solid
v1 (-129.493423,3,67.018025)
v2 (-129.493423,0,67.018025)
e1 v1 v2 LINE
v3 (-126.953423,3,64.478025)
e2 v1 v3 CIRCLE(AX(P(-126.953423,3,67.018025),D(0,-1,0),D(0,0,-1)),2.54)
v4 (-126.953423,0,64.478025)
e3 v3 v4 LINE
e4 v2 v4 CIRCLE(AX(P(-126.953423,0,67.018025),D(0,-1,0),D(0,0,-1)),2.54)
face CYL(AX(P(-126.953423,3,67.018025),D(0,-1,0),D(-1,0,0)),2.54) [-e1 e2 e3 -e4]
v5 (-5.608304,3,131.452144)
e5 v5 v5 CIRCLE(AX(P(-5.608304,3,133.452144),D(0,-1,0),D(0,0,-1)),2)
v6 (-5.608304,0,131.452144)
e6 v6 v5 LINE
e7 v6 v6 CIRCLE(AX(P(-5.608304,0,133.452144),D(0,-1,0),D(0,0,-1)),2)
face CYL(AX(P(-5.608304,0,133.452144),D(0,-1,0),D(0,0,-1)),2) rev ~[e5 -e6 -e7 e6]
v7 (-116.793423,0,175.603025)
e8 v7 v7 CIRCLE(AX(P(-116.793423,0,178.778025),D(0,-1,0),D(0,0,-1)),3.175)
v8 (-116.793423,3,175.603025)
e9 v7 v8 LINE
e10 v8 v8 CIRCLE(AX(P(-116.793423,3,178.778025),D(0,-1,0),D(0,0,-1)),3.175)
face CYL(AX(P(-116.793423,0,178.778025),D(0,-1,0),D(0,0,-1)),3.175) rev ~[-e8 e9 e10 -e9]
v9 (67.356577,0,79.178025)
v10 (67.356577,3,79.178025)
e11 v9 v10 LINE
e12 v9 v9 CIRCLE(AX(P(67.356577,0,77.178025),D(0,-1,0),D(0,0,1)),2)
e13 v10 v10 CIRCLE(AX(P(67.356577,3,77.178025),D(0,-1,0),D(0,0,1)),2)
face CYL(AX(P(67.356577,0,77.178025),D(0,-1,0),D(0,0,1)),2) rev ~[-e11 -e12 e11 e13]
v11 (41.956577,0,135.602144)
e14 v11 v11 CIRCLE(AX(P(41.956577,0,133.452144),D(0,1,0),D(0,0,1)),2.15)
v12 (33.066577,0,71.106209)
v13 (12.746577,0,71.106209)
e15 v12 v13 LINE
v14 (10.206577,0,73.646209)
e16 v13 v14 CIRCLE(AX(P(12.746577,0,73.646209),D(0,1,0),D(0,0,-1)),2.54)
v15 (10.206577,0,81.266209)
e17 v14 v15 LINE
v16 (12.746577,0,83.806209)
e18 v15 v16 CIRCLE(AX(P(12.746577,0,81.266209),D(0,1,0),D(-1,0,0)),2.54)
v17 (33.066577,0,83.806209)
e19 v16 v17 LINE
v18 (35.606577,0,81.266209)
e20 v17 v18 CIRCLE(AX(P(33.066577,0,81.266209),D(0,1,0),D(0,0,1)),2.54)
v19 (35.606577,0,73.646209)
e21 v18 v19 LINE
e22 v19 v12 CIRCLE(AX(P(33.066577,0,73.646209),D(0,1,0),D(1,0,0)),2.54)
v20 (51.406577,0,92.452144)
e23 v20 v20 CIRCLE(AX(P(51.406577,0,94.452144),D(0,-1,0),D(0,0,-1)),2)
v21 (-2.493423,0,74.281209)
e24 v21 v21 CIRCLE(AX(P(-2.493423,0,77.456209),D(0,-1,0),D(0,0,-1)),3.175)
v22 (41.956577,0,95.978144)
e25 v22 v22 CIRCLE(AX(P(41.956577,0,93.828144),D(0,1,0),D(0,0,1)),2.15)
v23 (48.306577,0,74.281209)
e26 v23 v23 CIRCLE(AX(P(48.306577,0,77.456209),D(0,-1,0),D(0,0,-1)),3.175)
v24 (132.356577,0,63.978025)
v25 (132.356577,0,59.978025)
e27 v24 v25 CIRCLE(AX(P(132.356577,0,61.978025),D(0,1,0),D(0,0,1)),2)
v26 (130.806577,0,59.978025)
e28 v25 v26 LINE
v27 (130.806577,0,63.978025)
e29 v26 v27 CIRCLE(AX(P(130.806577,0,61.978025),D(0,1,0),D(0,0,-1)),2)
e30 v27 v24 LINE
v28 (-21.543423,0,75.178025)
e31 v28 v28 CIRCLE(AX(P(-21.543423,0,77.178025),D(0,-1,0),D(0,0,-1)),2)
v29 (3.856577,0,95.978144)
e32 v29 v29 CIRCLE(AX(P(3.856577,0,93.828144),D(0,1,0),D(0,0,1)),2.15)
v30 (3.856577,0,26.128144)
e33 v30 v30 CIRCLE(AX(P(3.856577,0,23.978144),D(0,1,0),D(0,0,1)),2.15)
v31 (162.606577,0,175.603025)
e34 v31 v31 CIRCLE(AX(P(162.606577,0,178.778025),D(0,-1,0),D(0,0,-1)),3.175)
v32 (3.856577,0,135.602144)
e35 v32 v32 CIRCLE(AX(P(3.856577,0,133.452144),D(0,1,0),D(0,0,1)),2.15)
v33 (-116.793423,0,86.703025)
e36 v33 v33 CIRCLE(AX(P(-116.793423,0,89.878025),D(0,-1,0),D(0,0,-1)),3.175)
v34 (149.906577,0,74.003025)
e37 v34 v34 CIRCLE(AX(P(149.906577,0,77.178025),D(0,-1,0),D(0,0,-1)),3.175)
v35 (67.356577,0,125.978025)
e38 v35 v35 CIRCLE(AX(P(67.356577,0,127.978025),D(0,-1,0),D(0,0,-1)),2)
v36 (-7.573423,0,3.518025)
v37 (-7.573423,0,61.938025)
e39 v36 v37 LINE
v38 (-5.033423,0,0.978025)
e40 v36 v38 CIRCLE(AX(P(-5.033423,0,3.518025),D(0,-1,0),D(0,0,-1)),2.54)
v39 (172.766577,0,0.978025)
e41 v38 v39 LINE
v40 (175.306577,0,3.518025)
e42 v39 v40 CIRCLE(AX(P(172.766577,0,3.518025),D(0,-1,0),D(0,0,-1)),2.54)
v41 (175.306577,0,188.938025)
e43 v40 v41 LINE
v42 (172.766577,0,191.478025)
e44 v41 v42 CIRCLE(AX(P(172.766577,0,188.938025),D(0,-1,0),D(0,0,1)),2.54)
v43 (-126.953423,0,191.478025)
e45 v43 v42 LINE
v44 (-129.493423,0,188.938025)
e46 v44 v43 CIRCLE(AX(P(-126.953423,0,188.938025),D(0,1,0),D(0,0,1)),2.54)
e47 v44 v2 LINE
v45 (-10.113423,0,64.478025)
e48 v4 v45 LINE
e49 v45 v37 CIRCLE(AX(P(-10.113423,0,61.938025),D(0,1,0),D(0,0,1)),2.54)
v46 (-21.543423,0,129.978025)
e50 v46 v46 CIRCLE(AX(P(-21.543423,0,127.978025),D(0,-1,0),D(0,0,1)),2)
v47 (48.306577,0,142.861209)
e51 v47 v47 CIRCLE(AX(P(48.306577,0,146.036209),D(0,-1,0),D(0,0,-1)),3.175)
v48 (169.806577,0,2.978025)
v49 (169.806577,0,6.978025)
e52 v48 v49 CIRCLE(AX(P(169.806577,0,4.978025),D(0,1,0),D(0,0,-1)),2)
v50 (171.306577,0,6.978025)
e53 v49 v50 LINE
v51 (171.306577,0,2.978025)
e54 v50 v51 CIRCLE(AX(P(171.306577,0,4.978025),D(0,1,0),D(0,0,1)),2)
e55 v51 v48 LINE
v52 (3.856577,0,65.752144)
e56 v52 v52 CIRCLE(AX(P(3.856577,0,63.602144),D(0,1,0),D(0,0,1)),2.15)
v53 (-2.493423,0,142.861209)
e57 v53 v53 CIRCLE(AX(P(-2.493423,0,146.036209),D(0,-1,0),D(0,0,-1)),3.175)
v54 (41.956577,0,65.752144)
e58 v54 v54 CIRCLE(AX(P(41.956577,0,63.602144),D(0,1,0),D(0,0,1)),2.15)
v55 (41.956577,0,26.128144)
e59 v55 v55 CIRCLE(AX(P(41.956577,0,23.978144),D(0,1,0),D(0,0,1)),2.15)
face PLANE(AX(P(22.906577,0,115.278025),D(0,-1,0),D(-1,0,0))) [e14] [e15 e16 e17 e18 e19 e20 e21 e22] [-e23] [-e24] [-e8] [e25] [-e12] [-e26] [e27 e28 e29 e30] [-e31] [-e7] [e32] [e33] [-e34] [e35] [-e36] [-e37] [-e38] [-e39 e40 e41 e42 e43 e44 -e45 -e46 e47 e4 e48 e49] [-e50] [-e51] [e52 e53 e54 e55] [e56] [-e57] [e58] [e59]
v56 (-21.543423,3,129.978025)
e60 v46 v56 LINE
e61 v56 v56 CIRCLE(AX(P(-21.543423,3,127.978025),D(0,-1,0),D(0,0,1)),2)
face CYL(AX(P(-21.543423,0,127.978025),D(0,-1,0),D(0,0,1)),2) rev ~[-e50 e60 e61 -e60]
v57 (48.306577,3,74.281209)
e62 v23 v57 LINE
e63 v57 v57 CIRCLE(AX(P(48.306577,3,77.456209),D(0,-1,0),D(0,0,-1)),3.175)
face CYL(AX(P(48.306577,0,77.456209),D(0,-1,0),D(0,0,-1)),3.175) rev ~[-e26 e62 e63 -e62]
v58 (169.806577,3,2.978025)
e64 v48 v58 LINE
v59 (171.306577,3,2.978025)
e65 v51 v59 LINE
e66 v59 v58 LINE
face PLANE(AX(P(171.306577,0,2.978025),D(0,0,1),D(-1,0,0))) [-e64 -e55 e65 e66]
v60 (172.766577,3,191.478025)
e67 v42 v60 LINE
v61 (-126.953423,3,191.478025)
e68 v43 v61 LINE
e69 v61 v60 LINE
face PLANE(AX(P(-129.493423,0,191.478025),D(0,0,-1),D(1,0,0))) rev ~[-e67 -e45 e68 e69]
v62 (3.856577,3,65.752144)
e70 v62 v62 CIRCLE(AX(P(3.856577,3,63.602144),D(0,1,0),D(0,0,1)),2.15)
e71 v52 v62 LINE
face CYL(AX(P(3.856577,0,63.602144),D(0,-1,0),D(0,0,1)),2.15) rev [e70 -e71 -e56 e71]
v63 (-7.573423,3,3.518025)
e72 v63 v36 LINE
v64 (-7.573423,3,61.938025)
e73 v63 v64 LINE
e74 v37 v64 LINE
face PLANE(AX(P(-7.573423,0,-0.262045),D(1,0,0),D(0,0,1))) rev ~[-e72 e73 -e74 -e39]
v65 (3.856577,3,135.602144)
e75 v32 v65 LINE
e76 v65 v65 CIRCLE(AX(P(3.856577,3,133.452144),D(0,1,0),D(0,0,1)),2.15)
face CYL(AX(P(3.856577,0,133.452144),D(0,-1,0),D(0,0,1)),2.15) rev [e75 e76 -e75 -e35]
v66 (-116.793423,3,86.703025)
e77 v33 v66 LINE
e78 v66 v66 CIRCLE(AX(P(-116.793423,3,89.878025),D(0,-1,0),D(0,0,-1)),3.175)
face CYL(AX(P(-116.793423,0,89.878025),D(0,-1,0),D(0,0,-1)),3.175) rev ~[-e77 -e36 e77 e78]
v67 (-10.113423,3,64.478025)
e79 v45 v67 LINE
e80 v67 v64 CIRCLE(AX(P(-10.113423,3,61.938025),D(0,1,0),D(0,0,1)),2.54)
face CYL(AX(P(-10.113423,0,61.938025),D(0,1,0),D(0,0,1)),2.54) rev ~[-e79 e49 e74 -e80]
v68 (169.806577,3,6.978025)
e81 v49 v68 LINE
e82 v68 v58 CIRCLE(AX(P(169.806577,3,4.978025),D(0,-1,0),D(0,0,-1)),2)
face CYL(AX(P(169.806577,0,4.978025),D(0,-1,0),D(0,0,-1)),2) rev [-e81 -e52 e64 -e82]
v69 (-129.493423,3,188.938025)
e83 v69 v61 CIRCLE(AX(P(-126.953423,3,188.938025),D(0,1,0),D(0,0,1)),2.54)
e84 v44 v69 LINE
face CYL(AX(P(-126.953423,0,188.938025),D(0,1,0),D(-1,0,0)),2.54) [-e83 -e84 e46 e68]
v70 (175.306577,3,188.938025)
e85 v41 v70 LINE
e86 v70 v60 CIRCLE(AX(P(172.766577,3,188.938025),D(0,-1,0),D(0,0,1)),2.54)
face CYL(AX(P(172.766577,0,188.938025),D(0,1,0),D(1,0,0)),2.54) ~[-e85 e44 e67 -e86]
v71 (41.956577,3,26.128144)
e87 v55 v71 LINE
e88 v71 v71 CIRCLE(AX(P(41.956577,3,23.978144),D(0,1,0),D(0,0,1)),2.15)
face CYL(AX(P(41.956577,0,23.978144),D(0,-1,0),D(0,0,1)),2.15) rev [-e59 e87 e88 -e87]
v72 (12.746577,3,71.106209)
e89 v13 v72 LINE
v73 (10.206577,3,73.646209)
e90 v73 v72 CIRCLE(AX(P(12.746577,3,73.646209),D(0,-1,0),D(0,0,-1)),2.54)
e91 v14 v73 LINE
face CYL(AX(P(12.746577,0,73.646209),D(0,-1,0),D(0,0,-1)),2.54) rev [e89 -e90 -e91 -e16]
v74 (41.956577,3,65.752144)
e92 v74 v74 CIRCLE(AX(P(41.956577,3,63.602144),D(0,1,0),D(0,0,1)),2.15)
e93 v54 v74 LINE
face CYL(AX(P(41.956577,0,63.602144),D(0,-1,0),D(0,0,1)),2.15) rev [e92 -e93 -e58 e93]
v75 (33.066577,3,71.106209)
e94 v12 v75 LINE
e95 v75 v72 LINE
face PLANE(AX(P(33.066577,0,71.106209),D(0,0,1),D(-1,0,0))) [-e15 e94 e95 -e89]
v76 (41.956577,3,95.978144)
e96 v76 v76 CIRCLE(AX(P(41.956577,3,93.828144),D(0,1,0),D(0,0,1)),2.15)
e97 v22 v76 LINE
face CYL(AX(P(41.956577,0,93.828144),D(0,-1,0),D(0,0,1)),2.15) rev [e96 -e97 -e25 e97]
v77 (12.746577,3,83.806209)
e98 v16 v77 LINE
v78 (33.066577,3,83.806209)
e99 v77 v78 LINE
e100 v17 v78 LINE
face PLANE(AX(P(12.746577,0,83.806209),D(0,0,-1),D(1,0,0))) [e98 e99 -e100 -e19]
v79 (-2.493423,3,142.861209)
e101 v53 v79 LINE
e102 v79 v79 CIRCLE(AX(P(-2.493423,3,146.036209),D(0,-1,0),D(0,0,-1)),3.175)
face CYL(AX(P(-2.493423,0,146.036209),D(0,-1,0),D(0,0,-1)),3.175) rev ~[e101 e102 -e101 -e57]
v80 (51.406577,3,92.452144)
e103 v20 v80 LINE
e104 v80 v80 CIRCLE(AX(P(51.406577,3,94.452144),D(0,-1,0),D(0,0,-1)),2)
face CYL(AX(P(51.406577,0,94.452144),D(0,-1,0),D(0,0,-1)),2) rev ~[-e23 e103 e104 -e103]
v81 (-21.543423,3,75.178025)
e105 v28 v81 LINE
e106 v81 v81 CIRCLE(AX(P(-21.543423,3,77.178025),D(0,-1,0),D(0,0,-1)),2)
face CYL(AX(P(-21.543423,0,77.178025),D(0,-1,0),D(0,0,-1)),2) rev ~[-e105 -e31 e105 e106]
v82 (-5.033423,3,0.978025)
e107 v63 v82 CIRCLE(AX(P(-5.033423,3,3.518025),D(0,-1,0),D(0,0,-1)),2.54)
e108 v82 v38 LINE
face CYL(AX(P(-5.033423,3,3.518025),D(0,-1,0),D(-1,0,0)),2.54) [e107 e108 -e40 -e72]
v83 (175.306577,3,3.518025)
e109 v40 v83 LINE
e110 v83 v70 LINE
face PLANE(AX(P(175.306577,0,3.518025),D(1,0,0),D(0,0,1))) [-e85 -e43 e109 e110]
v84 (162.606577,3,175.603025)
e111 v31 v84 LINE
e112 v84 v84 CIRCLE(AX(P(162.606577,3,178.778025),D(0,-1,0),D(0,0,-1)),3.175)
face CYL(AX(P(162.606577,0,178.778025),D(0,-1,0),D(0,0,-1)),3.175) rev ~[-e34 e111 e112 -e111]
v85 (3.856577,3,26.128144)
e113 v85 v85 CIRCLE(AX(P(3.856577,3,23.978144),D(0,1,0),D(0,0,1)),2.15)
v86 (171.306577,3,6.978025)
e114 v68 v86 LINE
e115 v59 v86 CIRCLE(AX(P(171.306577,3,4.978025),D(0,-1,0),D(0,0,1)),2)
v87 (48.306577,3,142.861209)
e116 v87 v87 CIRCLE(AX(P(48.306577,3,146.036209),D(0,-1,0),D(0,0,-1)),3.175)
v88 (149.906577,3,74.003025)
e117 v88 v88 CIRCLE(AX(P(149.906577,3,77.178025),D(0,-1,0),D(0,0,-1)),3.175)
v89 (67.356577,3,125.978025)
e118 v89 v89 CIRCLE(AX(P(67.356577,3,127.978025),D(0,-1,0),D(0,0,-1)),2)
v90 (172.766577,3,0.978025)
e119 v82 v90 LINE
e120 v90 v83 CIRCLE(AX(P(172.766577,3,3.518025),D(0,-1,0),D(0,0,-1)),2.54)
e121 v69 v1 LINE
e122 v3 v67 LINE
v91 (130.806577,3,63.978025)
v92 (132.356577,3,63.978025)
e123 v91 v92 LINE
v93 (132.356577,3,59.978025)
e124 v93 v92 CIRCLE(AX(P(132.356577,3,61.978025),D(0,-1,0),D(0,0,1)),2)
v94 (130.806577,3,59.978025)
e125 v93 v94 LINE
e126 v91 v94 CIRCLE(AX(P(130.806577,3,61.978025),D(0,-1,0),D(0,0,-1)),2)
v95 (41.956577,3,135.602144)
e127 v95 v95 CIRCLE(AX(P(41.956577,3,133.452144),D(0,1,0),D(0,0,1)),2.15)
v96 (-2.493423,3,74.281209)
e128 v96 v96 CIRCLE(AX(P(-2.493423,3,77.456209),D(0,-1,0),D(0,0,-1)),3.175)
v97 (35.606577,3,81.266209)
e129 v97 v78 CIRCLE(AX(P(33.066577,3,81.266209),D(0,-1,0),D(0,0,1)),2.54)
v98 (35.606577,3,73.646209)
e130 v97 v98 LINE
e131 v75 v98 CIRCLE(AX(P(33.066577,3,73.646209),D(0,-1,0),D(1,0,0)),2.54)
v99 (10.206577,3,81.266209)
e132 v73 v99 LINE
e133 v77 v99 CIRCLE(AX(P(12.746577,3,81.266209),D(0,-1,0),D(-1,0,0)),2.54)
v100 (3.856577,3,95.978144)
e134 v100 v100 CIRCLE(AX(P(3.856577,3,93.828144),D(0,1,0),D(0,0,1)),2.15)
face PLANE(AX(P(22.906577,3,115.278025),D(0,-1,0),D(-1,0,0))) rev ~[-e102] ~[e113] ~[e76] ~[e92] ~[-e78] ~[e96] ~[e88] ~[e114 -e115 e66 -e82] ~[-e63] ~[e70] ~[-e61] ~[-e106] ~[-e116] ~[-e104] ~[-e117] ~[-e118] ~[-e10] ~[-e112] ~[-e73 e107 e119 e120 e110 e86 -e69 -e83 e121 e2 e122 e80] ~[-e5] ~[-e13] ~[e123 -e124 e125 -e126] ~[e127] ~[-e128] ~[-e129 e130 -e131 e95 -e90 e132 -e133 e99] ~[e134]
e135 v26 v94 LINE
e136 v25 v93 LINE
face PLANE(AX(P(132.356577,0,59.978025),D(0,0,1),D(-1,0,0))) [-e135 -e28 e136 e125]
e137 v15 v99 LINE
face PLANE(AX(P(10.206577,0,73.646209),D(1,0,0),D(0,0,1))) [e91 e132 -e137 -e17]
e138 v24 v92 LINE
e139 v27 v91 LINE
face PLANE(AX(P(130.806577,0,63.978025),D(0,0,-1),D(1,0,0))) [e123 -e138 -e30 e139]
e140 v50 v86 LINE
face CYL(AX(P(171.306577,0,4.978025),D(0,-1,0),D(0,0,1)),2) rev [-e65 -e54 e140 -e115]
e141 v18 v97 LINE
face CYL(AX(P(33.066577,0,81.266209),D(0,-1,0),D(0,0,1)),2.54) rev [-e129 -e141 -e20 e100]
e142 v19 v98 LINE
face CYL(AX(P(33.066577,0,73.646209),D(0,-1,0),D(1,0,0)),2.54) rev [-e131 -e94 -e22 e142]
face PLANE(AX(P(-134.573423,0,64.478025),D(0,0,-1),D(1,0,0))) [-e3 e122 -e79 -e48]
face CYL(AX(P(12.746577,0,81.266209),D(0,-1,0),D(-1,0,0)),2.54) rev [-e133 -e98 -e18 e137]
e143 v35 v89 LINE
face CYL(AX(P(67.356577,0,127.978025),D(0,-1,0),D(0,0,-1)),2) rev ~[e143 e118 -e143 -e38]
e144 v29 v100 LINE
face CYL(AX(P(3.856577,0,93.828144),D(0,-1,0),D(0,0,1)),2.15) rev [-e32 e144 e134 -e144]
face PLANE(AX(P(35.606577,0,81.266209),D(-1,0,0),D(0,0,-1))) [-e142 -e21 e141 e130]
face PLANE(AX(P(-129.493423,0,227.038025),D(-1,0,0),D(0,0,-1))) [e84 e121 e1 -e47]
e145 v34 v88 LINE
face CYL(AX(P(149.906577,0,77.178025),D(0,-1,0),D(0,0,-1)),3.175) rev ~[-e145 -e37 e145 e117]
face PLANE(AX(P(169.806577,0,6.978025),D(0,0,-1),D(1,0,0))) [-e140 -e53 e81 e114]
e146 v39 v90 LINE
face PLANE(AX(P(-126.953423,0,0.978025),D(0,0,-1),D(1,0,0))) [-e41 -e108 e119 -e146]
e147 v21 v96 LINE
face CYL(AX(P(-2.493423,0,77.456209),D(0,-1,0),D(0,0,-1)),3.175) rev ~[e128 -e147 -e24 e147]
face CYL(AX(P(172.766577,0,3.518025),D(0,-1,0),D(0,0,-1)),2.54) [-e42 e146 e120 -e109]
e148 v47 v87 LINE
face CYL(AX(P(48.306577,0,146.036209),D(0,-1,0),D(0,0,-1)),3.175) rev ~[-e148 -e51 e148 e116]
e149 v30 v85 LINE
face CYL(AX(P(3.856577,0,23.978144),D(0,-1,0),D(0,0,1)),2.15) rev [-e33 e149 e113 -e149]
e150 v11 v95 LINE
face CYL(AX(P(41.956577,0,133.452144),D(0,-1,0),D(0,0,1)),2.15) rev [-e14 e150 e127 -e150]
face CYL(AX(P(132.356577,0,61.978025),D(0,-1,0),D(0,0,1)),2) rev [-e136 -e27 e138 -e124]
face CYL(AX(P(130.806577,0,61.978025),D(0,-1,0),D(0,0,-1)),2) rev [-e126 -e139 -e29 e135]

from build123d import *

# Parameters (mm, degrees)
SKETCH1_R           = 2.15
BOSS_EXTRUDE1_DEPTH = 3
SKETCH2_R           = 2
CUT_EXTRUDE1_DEPTH  = 289.872749062
SKETCH3_R           = 3.175
CUT_EXTRUDE2_DEPTH  = 289.872749062
SKETCH4_W           = 127
SKETCH4_H           = 64.740069581
CUT_EXTRUDE3_DEPTH  = 289.872749062
SKETCH5_W           = 304.8
SKETCH5_H           = 67.289955289
CUT_EXTRUDE4_DEPTH  = 289.872749062
SKETCH6_R           = 2
CUT_EXTRUDE5_DEPTH  = 260.625171507
SKETCH7_R           = 3.175
CUT_EXTRUDE6_DEPTH  = 260.625171507
CUT_EXTRUDE7_DEPTH  = 260.625171507
FILLET1_R           = 2.54
FILLET2_R           = 2.54


with BuildPart() as part:
    # Sketch1 → Boss-Extrude1 (new body)
    with BuildSketch(Plane(origin=(0, 0, 0), x_dir=(1, 0, 0), z_dir=(0, 1, 0))):
        with BuildLine():
            Line((-126.953423408, -0.978024545), (172.766576592, -0.978024545))
            ThreePointArc((172.766576592, -0.978024545), (174.562627816, -1.721973321), (175.306576592, -3.518024545))
            Line((175.306576592, -3.518024545), (175.306576592, -227.038024545))
            ThreePointArc((175.306576592, -227.038024545), (174.562627816, -228.834075769), (172.766576592, -229.578024545))
            Line((172.766576592, -229.578024545), (-126.953423408, -229.578024545))
            ThreePointArc((-126.953423408, -229.578024545), (-128.749474632, -228.834075769), (-129.493423408, -227.038024545))
            Line((-129.493423408, -227.038024545), (-129.493423408, -3.518024545))
            ThreePointArc((-129.493423408, -3.518024545), (-128.749474632, -1.721973321), (-126.953423408, -0.978024545))
        make_face()
        with Locations(Location((3.856576592, -23.978144226, 0), (0, 0, 270))):
            Circle(SKETCH1_R, mode=Mode.SUBTRACT)
        with Locations(Location((41.956576592, -23.978144226, 0), (0, 0, 270))):
            Circle(SKETCH1_R, mode=Mode.SUBTRACT)
        with Locations(Location((3.856576592, -63.602144226, 0), (0, 0, 270))):
            Circle(SKETCH1_R, mode=Mode.SUBTRACT)
        with Locations(Location((41.956576592, -63.602144226, 0), (0, 0, 270))):
            Circle(SKETCH1_R, mode=Mode.SUBTRACT)
        with Locations(Location((3.856576592, -93.828144226, 0), (0, 0, 270))):
            Circle(SKETCH1_R, mode=Mode.SUBTRACT)
        with Locations(Location((41.956576592, -93.828144226, 0), (0, 0, 270))):
            Circle(SKETCH1_R, mode=Mode.SUBTRACT)
        with Locations(Location((3.856576592, -133.452144226, 0), (0, 0, 270))):
            Circle(SKETCH1_R, mode=Mode.SUBTRACT)
        with Locations(Location((41.956576592, -133.452144226, 0), (0, 0, 270))):
            Circle(SKETCH1_R, mode=Mode.SUBTRACT)
    extrude(amount=BOSS_EXTRUDE1_DEPTH)

    # Sketch2 → Cut-Extrude1 (cut, through all)
    with BuildSketch(Plane(origin=(0, 0, 0), x_dir=(-1, 0, 0), z_dir=(0, -1, 0))):
        with Locations(Location((21.543423408, -77.178024545, 0), (0, 0, 90))):
            Circle(SKETCH2_R)
        with Locations(Location((-67.356576592, -77.178024545, 0), (0, 0, 270))):
            Circle(SKETCH2_R)
        with Locations(Location((21.543423408, -127.978024545, 0), (0, 0, 270))):
            Circle(SKETCH2_R)
        with Locations(Location((-67.356576592, -127.978024545, 0), (0, 0, 90))):
            Circle(SKETCH2_R)
    extrude(amount=-CUT_EXTRUDE1_DEPTH, mode=Mode.SUBTRACT)

    # Sketch3 → Cut-Extrude2 (cut, through all)
    with BuildSketch(Plane(origin=(0, 0, 0), x_dir=(-1, 0, 0), z_dir=(0, -1, 0))):
        with Locations(Location((-48.306576592, -77.456208611, 0), (0, 0, 90))):
            Circle(SKETCH3_R)
        with Locations(Location((2.493423408, -77.456208611, 0), (0, 0, 90))):
            Circle(SKETCH3_R)
        with Locations(Location((2.493423408, -146.036208611, 0), (0, 0, 90))):
            Circle(SKETCH3_R)
        with Locations(Location((-48.306576592, -146.036208611, 0), (0, 0, 90))):
            Circle(SKETCH3_R)
    extrude(amount=-CUT_EXTRUDE2_DEPTH, mode=Mode.SUBTRACT)

    # Sketch4 → Cut-Extrude3 (cut, through all)
    with BuildSketch(Plane.XZ):
        with Locations((-71.073423408, 32.107989755)):
            Rectangle(SKETCH4_W, SKETCH4_H)
    extrude(amount=-CUT_EXTRUDE3_DEPTH, mode=Mode.SUBTRACT)

    # Sketch5 → Cut-Extrude4 (cut, through all)
    with BuildSketch(Plane.XZ):
        with Locations((22.906576592, 225.12300219)):
            Rectangle(SKETCH5_W, SKETCH5_H)
    extrude(amount=-CUT_EXTRUDE4_DEPTH, mode=Mode.SUBTRACT)

    # Sketch6 → Cut-Extrude5 (cut, through all)
    with BuildSketch(Plane(origin=(0, 0, 0), x_dir=(-1, 0, 0), z_dir=(0, -1, 0))):
        with Locations(Location((5.608304381, -133.452144226, 0), (0, 0, 90))):
            Circle(SKETCH6_R)
        with Locations(Location((-51.406576592, -94.452144226, 0), (0, 0, 90))):
            Circle(SKETCH6_R)
        with BuildLine():
            Line((-171.306576592, -2.978024545), (-169.806576592, -2.978024545))
            ThreePointArc((-169.806576592, -2.978024545), (-167.806576592, -4.978024545), (-169.806576592, -6.978024545))
            Line((-169.806576592, -6.978024545), (-171.306576592, -6.978024545))
            ThreePointArc((-171.306576592, -6.978024545), (-173.306576592, -4.978024545), (-171.306576592, -2.978024545))
        make_face()
        with BuildLine():
            Line((-132.356576592, -59.978024545), (-130.806576592, -59.978024545))
            ThreePointArc((-130.806576592, -59.978024545), (-128.806576592, -61.978024545), (-130.806576592, -63.978024545))
            Line((-130.806576592, -63.978024545), (-132.356576592, -63.978024545))
            ThreePointArc((-132.356576592, -63.978024545), (-134.356576592, -61.978024545), (-132.356576592, -59.978024545))
        make_face()
    extrude(amount=-CUT_EXTRUDE5_DEPTH, mode=Mode.SUBTRACT)

    # Sketch7 → Cut-Extrude6 (cut, through all)
    with BuildSketch(Plane.XZ):
        with Locations(Location((149.906576592, 77.178024545, 0), (0, 0, 270))):
            Circle(SKETCH7_R)
        with Locations(Location((-116.793423408, 89.878024545, 0), (0, 0, 270))):
            Circle(SKETCH7_R)
        with Locations(Location((-116.793423408, 178.778024545, 0), (0, 0, 270))):
            Circle(SKETCH7_R)
        with Locations(Location((162.606576592, 178.778024545, 0), (0, 0, 270))):
            Circle(SKETCH7_R)
    extrude(amount=-CUT_EXTRUDE6_DEPTH, mode=Mode.SUBTRACT)

    # Sketch8 → Cut-Extrude7 (cut, through all)
    with BuildSketch(Plane(origin=(0, 0, 0), x_dir=(-1, 0, 0), z_dir=(0, -1, 0))):
        with BuildLine():
            Line((-12.746576592, -83.806208611), (-33.066576592, -83.806208611))
            ThreePointArc((-33.066576592, -83.806208611), (-34.862627816, -83.062259835), (-35.606576592, -81.266208611))
            Line((-35.606576592, -81.266208611), (-35.606576592, -73.646208611))
            ThreePointArc((-35.606576592, -73.646208611), (-34.862627816, -71.850157387), (-33.066576592, -71.106208611))
            Line((-33.066576592, -71.106208611), (-12.746576592, -71.106208611))
            ThreePointArc((-12.746576592, -71.106208611), (-10.950525368, -71.850157387), (-10.206576592, -73.646208611))
            Line((-10.206576592, -73.646208611), (-10.206576592, -81.266208611))
            ThreePointArc((-10.206576592, -81.266208611), (-10.950525368, -83.062259835), (-12.746576592, -83.806208611))
        make_face()
    extrude(amount=-CUT_EXTRUDE7_DEPTH, mode=Mode.SUBTRACT)

    # Fillet1
    fillet1_edges = [part.edges().sort_by_distance(p)[0] for p in [
        (175.306576592, 1.5, 191.478024545),
        (-129.493423408, 1.5, 191.478024545),
    ]]
    fillet(fillet1_edges, radius=FILLET1_R)

    # Fillet2
    fillet2_edges = [part.edges().sort_by_distance(p)[0] for p in [
        (-7.573423408, 1.5, 64.478024545),
        (-129.493423408, 1.5, 64.478024545),
        (-7.573423408, 1.5, 0.978024545),
    ]]
    fillet(fillet2_edges, radius=FILLET2_R)


solid = part.part
